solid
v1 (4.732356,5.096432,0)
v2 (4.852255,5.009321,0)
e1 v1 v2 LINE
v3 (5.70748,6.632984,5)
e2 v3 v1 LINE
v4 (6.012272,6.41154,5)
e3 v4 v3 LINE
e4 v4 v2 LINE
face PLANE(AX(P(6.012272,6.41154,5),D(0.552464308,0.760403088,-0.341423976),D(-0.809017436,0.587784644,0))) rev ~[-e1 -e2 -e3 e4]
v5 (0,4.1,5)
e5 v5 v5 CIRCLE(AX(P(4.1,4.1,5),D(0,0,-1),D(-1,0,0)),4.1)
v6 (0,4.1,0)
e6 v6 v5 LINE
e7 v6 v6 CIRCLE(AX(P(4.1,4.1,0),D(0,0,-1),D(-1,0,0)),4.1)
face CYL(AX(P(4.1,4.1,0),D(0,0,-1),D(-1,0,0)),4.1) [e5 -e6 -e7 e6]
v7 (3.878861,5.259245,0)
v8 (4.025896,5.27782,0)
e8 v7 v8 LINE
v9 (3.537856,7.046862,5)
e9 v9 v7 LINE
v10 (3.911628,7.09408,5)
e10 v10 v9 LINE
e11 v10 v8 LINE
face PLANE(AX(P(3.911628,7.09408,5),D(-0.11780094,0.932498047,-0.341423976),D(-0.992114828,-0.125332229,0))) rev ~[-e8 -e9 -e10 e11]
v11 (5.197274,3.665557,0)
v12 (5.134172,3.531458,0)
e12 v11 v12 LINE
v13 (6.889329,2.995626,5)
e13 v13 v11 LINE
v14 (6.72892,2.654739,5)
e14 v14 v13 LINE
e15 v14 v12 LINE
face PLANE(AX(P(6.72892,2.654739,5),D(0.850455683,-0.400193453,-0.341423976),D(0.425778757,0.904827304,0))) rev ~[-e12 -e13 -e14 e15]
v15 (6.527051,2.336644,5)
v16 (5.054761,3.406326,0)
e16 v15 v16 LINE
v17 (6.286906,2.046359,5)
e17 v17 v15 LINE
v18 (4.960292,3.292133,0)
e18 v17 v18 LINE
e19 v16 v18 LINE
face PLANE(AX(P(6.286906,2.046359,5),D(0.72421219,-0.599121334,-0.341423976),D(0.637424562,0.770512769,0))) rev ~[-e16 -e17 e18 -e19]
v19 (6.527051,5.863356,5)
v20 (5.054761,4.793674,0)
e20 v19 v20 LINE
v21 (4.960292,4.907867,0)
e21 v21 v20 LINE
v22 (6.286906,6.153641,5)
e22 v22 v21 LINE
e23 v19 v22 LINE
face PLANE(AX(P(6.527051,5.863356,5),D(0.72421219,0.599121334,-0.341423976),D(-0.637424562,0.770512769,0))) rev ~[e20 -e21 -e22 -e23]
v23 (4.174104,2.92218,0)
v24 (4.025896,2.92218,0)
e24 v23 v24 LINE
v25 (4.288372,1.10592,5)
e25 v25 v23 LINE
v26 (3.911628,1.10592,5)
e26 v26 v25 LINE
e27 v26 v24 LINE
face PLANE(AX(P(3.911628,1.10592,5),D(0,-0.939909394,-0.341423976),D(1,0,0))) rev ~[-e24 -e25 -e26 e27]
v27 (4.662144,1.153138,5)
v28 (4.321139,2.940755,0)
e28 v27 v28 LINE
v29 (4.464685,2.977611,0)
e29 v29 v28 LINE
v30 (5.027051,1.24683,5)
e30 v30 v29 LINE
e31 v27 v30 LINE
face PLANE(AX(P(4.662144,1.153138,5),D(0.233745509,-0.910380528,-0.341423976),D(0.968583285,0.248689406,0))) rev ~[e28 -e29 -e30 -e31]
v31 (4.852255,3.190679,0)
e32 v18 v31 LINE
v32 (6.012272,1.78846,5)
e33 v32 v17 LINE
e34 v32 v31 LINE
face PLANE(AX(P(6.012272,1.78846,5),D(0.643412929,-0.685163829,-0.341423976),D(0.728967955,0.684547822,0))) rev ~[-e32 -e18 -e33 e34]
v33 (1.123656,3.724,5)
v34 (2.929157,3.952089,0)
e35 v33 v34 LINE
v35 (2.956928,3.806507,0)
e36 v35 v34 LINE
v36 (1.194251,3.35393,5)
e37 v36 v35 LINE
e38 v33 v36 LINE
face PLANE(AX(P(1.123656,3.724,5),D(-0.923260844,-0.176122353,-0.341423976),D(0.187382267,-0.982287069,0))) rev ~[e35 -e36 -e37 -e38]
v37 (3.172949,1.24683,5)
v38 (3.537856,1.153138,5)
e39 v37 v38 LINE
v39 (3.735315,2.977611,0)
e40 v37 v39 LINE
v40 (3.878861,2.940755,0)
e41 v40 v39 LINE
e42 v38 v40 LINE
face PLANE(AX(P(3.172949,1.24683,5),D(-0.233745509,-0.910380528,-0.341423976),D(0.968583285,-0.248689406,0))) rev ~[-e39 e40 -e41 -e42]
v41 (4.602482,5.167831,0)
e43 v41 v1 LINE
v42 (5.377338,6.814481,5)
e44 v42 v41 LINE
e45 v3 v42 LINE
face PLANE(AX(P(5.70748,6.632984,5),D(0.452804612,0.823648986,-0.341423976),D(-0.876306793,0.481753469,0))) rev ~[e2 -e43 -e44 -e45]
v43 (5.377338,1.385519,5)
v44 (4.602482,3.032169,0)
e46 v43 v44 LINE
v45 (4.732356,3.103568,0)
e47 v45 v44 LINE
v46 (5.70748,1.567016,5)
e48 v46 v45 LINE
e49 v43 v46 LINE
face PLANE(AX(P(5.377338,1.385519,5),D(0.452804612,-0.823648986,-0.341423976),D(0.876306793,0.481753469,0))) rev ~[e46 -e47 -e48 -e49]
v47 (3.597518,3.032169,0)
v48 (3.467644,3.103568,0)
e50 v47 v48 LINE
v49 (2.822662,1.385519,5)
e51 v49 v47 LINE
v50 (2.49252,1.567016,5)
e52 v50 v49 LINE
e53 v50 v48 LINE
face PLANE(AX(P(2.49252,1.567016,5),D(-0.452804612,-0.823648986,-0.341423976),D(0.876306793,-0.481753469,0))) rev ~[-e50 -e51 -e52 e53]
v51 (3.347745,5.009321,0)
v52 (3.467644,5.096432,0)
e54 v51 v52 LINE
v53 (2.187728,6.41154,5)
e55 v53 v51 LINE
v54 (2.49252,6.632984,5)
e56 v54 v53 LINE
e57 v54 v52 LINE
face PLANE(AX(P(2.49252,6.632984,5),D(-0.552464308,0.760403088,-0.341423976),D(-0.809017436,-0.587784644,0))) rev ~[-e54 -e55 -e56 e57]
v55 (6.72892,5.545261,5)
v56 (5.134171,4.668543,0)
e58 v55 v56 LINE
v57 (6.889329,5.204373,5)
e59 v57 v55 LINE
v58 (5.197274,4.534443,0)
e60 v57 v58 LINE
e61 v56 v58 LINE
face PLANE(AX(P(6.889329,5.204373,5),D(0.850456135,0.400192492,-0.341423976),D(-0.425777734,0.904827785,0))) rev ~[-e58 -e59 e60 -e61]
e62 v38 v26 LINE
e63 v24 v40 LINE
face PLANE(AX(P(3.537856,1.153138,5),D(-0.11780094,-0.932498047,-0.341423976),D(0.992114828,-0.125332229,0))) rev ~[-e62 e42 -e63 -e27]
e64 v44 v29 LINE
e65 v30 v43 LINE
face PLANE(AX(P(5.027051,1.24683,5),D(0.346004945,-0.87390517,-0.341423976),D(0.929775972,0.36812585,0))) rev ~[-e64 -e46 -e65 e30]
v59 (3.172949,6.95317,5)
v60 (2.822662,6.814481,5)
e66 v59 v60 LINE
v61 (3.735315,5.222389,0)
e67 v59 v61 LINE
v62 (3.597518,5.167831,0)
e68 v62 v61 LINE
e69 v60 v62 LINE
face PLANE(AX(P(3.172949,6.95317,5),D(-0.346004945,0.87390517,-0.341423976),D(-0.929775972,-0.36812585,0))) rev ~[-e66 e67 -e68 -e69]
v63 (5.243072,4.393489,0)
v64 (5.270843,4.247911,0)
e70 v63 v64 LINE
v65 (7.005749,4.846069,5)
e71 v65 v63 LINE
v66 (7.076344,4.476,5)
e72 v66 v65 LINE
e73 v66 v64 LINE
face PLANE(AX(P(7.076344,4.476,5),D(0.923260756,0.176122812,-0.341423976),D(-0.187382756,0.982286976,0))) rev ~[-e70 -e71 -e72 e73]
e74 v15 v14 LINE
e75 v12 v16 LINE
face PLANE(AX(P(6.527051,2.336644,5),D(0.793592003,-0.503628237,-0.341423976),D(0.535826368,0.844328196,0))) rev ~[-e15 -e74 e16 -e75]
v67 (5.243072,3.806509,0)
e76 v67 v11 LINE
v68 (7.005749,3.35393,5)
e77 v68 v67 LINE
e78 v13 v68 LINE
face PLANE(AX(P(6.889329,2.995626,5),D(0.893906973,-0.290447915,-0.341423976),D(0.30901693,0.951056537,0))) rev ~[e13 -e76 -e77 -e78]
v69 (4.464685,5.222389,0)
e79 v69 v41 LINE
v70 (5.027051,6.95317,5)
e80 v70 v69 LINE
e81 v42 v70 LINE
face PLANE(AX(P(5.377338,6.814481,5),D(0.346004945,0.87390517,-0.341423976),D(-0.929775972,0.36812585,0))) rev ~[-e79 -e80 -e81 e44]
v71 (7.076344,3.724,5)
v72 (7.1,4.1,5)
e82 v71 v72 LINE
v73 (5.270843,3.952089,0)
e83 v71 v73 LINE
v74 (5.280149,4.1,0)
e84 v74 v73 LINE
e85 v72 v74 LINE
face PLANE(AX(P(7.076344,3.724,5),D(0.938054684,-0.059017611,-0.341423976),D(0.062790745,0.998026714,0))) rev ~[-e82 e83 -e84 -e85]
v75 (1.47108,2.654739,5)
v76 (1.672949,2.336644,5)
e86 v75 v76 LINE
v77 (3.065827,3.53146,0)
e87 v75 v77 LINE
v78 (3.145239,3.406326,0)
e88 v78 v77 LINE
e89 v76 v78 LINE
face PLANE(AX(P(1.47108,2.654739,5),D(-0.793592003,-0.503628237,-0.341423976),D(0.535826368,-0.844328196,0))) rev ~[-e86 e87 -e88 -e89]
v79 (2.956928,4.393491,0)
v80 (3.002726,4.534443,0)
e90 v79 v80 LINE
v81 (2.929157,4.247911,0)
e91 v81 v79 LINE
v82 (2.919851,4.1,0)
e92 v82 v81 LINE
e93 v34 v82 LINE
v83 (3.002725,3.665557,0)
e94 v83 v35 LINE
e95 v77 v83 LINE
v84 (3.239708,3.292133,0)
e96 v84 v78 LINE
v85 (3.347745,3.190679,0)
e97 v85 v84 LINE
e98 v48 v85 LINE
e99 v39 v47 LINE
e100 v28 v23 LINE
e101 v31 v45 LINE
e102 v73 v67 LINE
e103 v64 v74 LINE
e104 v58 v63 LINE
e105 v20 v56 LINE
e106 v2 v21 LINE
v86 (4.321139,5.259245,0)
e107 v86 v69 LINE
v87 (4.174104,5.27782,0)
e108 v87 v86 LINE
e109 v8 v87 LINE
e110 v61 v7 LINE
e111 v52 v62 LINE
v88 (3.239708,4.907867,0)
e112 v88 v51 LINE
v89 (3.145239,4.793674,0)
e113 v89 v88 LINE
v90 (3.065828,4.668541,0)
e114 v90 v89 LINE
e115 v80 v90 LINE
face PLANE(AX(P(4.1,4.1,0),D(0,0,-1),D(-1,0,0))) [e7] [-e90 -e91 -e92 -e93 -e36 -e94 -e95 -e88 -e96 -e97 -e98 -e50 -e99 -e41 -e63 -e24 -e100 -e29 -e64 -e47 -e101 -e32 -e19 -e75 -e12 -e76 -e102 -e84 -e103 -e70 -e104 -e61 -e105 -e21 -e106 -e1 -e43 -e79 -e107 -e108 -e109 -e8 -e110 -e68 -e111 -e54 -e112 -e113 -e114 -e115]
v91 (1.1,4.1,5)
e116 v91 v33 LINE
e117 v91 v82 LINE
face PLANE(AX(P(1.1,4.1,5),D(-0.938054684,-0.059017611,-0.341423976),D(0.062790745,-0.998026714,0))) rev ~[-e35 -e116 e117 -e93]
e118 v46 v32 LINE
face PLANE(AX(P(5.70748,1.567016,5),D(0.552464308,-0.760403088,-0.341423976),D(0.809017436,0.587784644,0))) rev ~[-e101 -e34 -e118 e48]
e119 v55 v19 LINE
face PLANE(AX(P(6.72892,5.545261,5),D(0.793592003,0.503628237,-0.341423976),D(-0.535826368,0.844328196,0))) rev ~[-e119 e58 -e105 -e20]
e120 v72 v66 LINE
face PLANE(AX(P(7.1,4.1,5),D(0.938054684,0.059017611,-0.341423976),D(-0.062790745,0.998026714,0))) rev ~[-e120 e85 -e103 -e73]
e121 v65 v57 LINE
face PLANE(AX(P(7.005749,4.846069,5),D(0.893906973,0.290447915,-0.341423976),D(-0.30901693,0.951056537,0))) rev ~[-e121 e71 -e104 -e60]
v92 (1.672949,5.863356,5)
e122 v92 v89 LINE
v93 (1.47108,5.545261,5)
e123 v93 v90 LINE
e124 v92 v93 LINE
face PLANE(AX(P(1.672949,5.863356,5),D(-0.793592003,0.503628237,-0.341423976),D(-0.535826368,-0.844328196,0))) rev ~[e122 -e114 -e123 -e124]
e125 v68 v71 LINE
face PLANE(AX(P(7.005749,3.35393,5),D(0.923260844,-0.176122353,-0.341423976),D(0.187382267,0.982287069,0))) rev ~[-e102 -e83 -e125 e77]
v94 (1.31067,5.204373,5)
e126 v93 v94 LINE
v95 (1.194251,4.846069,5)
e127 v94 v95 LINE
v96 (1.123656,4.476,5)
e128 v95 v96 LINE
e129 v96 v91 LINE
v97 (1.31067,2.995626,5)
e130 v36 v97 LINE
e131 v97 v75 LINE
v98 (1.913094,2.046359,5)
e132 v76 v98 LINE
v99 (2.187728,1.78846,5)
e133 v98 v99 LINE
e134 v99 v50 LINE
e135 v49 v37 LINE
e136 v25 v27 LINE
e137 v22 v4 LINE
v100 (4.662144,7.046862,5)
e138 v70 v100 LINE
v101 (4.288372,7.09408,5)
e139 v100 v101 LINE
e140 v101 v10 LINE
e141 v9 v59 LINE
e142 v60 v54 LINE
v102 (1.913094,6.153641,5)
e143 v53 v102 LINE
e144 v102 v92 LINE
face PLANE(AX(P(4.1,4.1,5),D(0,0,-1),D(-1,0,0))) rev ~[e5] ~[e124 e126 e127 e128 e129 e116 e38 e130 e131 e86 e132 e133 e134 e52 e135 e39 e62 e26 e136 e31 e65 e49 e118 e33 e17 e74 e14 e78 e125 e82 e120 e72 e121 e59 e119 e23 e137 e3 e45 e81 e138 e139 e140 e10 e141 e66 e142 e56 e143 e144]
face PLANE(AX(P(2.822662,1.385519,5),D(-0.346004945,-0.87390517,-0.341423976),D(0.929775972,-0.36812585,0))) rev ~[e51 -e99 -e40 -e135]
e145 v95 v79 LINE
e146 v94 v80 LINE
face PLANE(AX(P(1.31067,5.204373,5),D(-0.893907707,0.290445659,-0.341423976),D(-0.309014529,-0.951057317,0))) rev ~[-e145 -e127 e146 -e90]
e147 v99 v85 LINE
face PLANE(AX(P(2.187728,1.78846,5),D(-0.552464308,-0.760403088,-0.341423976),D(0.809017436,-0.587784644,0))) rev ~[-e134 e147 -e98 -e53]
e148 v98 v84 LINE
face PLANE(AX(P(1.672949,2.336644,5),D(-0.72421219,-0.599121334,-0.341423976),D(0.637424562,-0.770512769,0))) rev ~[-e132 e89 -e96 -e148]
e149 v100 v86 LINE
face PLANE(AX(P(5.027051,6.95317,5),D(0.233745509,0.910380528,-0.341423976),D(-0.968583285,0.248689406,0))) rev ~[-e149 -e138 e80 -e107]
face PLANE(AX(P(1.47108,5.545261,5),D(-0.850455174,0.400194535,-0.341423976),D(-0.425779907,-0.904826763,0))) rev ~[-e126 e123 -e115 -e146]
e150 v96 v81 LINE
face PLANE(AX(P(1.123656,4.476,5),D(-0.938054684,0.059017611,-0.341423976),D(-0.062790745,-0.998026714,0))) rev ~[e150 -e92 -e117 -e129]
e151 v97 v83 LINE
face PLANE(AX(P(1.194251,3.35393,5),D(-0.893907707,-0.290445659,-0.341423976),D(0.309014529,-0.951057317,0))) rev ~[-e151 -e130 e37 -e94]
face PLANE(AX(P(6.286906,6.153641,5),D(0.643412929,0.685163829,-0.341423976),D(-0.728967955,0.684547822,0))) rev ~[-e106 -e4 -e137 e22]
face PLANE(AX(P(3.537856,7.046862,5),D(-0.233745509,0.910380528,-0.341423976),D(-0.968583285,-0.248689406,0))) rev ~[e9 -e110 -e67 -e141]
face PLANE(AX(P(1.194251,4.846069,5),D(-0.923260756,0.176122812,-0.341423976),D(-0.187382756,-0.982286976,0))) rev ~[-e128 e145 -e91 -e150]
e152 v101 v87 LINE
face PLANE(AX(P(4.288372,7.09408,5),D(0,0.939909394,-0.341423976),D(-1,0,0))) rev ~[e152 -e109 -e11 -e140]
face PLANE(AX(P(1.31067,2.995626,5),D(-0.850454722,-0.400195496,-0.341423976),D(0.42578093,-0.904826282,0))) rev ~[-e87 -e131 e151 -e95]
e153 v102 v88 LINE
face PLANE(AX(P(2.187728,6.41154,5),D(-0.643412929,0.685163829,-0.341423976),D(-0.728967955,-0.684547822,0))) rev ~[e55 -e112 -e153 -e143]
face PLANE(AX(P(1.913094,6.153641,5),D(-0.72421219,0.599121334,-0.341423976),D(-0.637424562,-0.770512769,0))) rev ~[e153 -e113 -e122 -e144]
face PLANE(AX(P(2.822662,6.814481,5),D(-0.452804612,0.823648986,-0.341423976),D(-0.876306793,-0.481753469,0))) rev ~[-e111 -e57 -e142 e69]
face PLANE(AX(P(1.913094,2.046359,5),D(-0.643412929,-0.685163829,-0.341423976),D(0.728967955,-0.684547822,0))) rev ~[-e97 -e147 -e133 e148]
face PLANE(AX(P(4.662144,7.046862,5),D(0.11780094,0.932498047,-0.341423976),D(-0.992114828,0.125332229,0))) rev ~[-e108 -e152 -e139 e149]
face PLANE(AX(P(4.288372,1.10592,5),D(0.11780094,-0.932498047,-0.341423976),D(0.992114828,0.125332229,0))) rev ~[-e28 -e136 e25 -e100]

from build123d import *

# Parameters (mm, degrees)
ESQUISSE1_R             = 4.1
BOSS_EXTRU_1_DEPTH      = 5
ENL_V_MAT_EXTRU_1_DEPTH = 13.628539086
D_POUILLE1_ANGLE        = 19.963654133


with BuildPart() as part:
    # Esquisse1 → Boss.-Extru.1 (new body)
    with BuildSketch(Plane(origin=(0, 0, 0), x_dir=(-1, 0, 0), z_dir=(0, 0, -1))):
        with Locations((-4.099999911, 4.100000055)):
            Circle(ESQUISSE1_R)
    extrude(amount=-BOSS_EXTRU_1_DEPTH)

    # Esquisse2 → Enlèv. mat.-Extru.1 (cut, through all)
    with BuildSketch(Plane.XY.offset(5)):
        Polygon((7.076344, 4.476), (7.005749, 4.846069), (6.889329, 5.204373), (6.72892, 5.545261), (6.527051, 5.863356), (6.286906, 6.153641), (6.012272, 6.41154), (5.70748, 6.632984), (5.377338, 6.814481), (5.027051, 6.95317), (4.662144, 7.046862), (4.288372, 7.09408), (3.911628, 7.09408), (3.537856, 7.046862), (3.172949, 6.95317), (2.822662, 6.814481), (2.49252, 6.632984), (2.187728, 6.41154), (1.913094, 6.153641), (1.672949, 5.863356), (1.47108, 5.545261), (1.31067, 5.204373), (1.194251, 4.846069), (1.123656, 4.476), (1.1, 4.1), (1.123656, 3.724), (1.194251, 3.35393), (1.31067, 2.995626), (1.47108, 2.654739), (1.672949, 2.336644), (1.913094, 2.046359), (2.187728, 1.78846), (2.49252, 1.567016), (2.822662, 1.385519), (3.172949, 1.24683), (3.537856, 1.153138), (3.911628, 1.10592), (4.288372, 1.10592), (4.662144, 1.153138), (5.027051, 1.24683), (5.377338, 1.385519), (5.70748, 1.567016), (6.012272, 1.78846), (6.286906, 2.046359), (6.527051, 2.336644), (6.72892, 2.654739), (6.889329, 2.995626), (7.005749, 3.35393), (7.076344, 3.724), (7.1, 4.1), align=None)
    extrude(amount=-ENL_V_MAT_EXTRU_1_DEPTH, mode=Mode.SUBTRACT)

    # Dépouille1
    d_pouille1_faces = [part.faces().sort_by_distance(p)[0] for p in [
        (7.0410465, 4.6610345, 2.5),
        (6.947539, 5.025221, 2.5),
        (6.8091245, 5.374817, 2.5),
        (6.6279855, 5.7043085, 2.5),
        (6.4069785, 6.0084985, 2.5),
        (6.149589, 6.2825905, 2.5),
        (5.859876, 6.522262, 2.5),
        (5.542409, 6.7237325, 2.5),
        (5.2021945, 6.8838255, 2.5),
        (4.8445975, 7.000016, 2.5),
        (4.475258, 7.070471, 2.5),
        (4.1, 7.09408, 2.5),
        (3.724742, 7.070471, 2.5),
        (3.3554025, 7.000016, 2.5),
        (2.9978055, 6.8838255, 2.5),
        (2.657591, 6.7237325, 2.5),
        (2.340124, 6.522262, 2.5),
        (2.050411, 6.2825905, 2.5),
        (1.7930215, 6.0084985, 2.5),
        (1.5720145, 5.7043085, 2.5),
        (1.390875, 5.374817, 2.5),
        (1.2524605, 5.025221, 2.5),
        (1.1589535, 4.6610345, 2.5),
        (1.111828, 4.288, 2.5),
        (1.111828, 3.912, 2.5),
        (1.1589535, 3.538965, 2.5),
        (1.2524605, 3.174778, 2.5),
        (1.390875, 2.8251825, 2.5),
        (1.5720145, 2.4956915, 2.5),
        (1.7930215, 2.1915015, 2.5),
        (2.050411, 1.9174095, 2.5),
        (2.340124, 1.677738, 2.5),
        (2.657591, 1.4762675, 2.5),
        (2.9978055, 1.3161745, 2.5),
        (3.3554025, 1.199984, 2.5),
        (3.724742, 1.129529, 2.5),
        (4.1, 1.10592, 2.5),
        (4.475258, 1.129529, 2.5),
        (4.8445975, 1.199984, 2.5),
        (5.2021945, 1.3161745, 2.5),
        (5.542409, 1.4762675, 2.5),
        (5.859876, 1.677738, 2.5),
        (6.149589, 1.9174095, 2.5),
        (6.4069785, 2.1915015, 2.5),
        (6.6279855, 2.4956915, 2.5),
        (6.8091245, 2.8251825, 2.5),
        (6.947539, 3.174778, 2.5),
        (7.0410465, 3.538965, 2.5),
        (7.088172, 3.912, 2.5),
        (7.088172, 4.288, 2.5),
    ]]
    draft(d_pouille1_faces, Plane(origin=(4.099999911, 4.100000055, 5), x_dir=(1, 0, 0), z_dir=(0, 0, 1)), D_POUILLE1_ANGLE)


solid = part.part
